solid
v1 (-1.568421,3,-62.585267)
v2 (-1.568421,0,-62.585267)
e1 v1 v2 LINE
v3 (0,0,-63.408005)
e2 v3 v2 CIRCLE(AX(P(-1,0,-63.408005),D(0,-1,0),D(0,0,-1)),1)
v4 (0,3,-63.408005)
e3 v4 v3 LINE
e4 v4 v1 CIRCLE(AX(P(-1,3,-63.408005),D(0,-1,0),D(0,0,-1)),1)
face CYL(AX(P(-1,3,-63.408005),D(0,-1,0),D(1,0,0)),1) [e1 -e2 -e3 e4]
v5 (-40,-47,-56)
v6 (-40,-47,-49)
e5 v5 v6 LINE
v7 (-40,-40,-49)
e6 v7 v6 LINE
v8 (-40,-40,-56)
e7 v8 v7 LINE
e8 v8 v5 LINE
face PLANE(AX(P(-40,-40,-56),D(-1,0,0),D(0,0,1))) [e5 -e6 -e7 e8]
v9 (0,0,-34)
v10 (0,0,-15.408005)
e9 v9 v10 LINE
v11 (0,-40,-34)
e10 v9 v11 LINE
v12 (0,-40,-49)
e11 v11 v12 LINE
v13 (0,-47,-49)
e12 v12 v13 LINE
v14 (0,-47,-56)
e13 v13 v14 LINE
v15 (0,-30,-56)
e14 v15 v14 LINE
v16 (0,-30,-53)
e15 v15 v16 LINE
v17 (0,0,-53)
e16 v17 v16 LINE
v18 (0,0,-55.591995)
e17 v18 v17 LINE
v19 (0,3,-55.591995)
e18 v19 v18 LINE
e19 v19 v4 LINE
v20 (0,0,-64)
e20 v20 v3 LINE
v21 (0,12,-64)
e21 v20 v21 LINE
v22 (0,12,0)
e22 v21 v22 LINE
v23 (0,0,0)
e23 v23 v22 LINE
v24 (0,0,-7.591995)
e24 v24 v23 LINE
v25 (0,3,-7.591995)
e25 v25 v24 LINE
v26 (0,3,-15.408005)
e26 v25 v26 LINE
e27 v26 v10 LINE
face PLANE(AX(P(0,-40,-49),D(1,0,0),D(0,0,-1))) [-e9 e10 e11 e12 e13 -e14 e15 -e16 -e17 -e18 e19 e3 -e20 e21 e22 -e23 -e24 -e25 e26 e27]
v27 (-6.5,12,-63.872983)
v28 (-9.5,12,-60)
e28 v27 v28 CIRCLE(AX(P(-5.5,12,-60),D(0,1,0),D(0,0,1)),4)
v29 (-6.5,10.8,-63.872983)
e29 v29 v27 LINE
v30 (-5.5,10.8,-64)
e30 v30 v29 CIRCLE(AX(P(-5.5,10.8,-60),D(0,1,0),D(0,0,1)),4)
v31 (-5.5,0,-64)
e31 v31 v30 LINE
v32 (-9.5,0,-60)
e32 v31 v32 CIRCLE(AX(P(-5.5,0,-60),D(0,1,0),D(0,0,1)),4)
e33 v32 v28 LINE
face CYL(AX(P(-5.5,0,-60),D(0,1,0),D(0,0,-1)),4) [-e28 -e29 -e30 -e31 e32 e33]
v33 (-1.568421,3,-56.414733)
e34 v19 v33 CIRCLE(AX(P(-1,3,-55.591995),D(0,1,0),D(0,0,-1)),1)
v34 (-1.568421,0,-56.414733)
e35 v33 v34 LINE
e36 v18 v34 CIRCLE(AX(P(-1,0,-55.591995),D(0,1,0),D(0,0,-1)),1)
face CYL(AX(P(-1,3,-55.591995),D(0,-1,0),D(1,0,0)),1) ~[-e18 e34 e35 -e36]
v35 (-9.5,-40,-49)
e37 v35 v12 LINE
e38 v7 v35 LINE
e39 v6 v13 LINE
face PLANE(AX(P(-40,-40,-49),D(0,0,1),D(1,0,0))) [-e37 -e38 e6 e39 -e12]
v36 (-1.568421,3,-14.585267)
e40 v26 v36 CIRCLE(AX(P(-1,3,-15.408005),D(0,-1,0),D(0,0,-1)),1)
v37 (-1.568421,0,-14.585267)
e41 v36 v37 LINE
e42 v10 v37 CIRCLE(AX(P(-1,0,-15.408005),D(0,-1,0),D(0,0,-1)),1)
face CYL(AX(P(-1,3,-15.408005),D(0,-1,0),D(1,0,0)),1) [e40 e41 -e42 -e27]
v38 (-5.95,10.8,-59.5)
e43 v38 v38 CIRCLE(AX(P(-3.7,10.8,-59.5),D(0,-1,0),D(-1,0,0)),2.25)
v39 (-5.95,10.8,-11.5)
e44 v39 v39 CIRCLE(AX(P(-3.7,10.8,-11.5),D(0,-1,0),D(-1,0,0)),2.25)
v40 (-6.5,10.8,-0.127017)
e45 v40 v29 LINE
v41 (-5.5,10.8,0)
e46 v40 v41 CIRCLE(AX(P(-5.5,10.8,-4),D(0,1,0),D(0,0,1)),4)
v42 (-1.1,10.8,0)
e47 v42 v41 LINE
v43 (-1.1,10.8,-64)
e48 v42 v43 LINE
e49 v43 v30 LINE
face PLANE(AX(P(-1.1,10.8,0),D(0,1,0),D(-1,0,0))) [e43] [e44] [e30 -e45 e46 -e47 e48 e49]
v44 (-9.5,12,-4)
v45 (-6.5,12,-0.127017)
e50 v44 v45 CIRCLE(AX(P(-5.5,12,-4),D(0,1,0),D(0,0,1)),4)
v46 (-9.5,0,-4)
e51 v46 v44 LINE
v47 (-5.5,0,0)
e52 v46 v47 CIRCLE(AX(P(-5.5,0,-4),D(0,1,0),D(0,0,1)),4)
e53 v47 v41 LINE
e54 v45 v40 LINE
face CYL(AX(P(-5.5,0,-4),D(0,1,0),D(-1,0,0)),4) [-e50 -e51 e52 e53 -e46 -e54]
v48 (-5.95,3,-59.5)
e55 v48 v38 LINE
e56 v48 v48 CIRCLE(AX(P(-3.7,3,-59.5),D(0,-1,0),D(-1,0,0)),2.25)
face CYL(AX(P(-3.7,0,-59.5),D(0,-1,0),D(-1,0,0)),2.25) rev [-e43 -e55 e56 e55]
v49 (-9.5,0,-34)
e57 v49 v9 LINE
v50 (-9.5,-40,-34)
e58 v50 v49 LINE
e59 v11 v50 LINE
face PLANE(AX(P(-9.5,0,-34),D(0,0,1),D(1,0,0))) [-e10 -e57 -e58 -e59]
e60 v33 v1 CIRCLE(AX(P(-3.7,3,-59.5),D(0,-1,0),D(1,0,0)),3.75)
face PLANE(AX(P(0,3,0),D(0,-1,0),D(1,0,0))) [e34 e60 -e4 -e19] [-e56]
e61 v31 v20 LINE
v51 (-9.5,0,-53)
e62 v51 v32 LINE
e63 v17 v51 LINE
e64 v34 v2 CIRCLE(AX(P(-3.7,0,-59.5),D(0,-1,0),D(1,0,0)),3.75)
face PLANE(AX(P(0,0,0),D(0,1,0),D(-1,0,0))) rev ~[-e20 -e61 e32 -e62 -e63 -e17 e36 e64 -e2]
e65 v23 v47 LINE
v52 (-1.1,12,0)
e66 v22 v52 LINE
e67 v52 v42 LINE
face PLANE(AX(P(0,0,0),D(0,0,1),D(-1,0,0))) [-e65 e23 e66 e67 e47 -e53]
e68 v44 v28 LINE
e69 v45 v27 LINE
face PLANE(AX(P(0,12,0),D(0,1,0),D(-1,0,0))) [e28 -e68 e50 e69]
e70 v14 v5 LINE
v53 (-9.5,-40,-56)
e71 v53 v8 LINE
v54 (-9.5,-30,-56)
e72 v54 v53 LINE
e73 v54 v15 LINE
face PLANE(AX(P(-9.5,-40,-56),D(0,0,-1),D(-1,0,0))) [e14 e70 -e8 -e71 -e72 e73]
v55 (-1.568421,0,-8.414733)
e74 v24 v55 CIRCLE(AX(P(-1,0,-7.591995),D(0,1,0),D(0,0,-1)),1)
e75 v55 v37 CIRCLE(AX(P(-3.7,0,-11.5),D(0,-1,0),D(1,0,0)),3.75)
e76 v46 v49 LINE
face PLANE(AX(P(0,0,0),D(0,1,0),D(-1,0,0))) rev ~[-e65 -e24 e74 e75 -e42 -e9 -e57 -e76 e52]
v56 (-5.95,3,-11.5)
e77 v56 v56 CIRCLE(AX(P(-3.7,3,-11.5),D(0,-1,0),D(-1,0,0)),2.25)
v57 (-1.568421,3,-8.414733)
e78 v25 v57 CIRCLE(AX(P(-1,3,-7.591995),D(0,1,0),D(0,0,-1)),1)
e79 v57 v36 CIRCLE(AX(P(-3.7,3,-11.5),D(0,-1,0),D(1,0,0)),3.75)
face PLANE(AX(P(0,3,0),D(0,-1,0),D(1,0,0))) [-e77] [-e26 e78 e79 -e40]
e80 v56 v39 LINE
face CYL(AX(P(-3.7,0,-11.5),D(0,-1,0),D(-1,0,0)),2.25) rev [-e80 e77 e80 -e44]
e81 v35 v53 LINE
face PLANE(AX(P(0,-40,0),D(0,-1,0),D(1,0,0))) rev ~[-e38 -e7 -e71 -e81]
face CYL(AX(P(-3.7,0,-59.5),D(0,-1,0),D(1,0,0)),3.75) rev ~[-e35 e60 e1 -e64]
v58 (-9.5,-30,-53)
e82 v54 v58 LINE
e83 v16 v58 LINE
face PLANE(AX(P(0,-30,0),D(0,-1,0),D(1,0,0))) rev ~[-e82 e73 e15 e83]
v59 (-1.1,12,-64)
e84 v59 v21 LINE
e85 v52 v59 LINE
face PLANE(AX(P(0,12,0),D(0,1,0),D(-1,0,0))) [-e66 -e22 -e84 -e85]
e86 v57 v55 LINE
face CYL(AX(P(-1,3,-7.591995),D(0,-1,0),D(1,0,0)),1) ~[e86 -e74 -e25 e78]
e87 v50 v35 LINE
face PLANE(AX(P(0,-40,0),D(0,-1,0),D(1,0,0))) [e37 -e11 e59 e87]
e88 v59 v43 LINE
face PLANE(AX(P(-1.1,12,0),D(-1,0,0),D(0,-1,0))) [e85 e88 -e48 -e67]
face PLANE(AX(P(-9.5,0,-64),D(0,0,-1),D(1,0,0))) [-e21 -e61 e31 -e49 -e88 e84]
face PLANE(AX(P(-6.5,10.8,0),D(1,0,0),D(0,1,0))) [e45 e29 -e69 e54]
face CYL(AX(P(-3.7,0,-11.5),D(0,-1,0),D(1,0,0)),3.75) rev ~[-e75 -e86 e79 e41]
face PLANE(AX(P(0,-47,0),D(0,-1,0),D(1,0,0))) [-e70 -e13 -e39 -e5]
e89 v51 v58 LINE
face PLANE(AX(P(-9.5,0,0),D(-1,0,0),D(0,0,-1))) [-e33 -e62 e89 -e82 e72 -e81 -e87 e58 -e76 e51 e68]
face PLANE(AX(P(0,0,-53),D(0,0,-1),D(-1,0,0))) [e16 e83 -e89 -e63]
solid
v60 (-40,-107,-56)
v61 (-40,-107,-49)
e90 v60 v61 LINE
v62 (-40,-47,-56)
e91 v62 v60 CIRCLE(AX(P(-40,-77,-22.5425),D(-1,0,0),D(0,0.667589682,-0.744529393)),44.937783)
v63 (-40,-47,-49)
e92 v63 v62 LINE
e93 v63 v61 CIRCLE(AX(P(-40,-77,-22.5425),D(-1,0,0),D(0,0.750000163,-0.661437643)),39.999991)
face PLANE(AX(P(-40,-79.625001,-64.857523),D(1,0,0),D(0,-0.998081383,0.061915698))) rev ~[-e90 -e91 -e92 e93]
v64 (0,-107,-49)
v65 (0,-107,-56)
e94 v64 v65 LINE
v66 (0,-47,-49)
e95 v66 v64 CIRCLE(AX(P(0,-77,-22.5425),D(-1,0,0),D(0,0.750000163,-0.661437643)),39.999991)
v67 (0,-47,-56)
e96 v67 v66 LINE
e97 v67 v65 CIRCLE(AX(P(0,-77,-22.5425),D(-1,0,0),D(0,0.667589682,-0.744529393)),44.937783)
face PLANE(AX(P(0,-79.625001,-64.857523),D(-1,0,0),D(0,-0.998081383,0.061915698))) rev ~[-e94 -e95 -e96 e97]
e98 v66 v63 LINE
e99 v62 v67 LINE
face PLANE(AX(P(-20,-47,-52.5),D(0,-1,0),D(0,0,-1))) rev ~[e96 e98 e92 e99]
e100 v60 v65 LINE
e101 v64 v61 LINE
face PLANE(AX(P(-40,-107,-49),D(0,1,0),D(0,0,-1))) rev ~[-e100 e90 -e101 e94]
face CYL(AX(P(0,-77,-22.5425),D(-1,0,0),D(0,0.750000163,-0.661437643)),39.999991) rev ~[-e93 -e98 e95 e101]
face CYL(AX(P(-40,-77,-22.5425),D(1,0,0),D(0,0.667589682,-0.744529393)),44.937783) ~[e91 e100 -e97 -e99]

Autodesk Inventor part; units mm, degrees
ref_plane "YZ Plane" through (0, 0, 0) normal (1, 0, 0) x (0, 1, 0)
ref_plane "XZ Plane" through (0, 0, 0) normal (0, 1, 0) x (-1, 0, 0)
ref_plane "XY Plane" through (0, 0, 0) normal (0, 0, 1) x (1, 0, 0)
sketch "Sketch1" plane through (0, 0, 0) normal (0, 1, 0) x (-1, 0, 0)
  line L0 (0, 0) -> (9.5, 0)
  line L1 (9.5, 0) -> (9.5, -64)
  line L2 (9.5, -64) -> (0, -64)
  line L3 (0, -64) -> (0, 0)
  circle A0 centre (3.7, -11.5) radius 2.25
  circle A1 centre (3.7, -59.5) radius 2.25
  line L4 (3.7, -11.5) -> (3.7, -59.5) construction
  dimension "d1" = 9.5
  dimension "d2" = 64
  dimension "d3" = 4.5
  dimension "d4" = 48
  dimension "d6" = 3.7
  dimension "d17" = 4.5
extrude "Extrusion1" add sketch "Sketch1" along normal blind 12
sketch "Sketch2" plane through (-9.5, 0, 0) normal (0, 0, 1) x (1, 0, 0)
  line L0 (9.5, 12) -> (0, 12) projected
  line L1 (3, 12) -> (8.4, 12)
  line L2 (8.4, 12) -> (8.4, 10.8)
  line L3 (8.4, 10.8) -> (3, 10.8)
  line L4 (3, 10.8) -> (3, 12)
  line L5 (9.5, 0) -> (9.5, 12) projected
  line L6 (3.55, 0) -> (8.05, 0) projected
  line L7 (3.55, 12) -> (8.05, 12) projected
  line L8 (9.5, 0) -> (9.5, 12) projected
  line L9 (9.5, 0) -> (9.5, 12) projected
  line L10 (3.55, 12) -> (8.05, 12) projected
  line L11 (3.55, 12) -> (3.55, 0) projected
  line L12 (3.55, 12) -> (8.05, 12) projected
  line L13 (3.55, 0) -> (8.05, 0) projected
  line L14 (3.55, 12) -> (8.05, 12) projected
  line L15 (3.55, 0) -> (8.05, 0) projected
  line L16 (3.55, 12) -> (8.05, 12) projected
  line L17 (3.55, 0) -> (8.05, 0) projected
  dimension "d9" = 1.1
  dimension "d10" = 5.4
  dimension "d11" = 1.2
  dimension "d76" = 12
extrude "Extrusion2" cut sketch "Sketch2" against normal up to next
sketch "Sketch3" plane through (0, 0, 0) normal (0, -1, 0) x (1, 0, 0)
  circle A0 centre (-3.7, -11.5) radius 2.25 projected
  circle A1 centre (-3.7, -11.5) radius 3.75
  circle A2 centre (-3.7, -59.5) radius 2.25 projected
  circle A3 centre (-3.7, -59.5) radius 3.75
  point P0 (0, 0)
  dimension "d14" = 7.5
extrude "Extrusion3" cut sketch "Sketch3" against normal blind 3
fillet "Fillet1" radius 1 4 edges at (0, 1.5, -58.8897) (0, 1.5, -60.1103) (0, 1.5, -10.8897) (0, 1.5, -12.1103)
fillet "Fillet2" radius 4 2 edges at (-9.5, 6, -64) (-9.5, 6, 0)
sketch "Sketch28" plane through (0, 0, 0) normal (0, -1, 0) x (1, 0, 0)
  arc A0 (-1.5684, -56.4147) -> (0, -55.592) centre (-1, -55.592) ccw projected
  line L0 (0, -55.592) -> (0, -53)
  line L1 (0, -15.408) -> (0, -55.592) projected
  line L2 (-9.5, -60) -> (-9.5, -4) projected
  line L3 (0, -53) -> (-9.5, -53)
  line L4 (-9.5, -53) -> (-9.5, -34)
  line L5 (-9.5, -34) -> (0, -34)
  line L6 (0, -34) -> (0, -53)
  point P0 (0, 0)
  point P1 (0, -34)
  dimension "d107" = 2.592
  dimension "d108" = 19
extrude "Extrusion19" add sketch "Sketch28" along normal blind 30
sketch "Sketch40" plane through (0, -30, 0) normal (0, -1, 0) x (1, 0, 0)
  line L0 (0, -53) -> (-9.5, -53) projected
  line L1 (-9.5, -53) -> (-9.5, -56)
  line L2 (-9.5, -56) -> (0, -56)
  line L3 (0, -56) -> (0, -34)
  line L4 (0, 0) -> (0, -64) projected
  line L5 (0, -34) -> (-9.5, -34)
  line L6 (-9.5, -34) -> (-9.5, -53)
  line L7 (-9.5, -34) -> (0, -34)
  line L8 (0, -34) -> (0, -56)
  line L9 (0, -56) -> (-9.5, -56)
  line L10 (-9.5, -56) -> (-9.5, -34)
  dimension "d130" = 3
  dimension "d131" = 22
extrude "Extrusion21" add sketch "Sketch40" along normal blind 10
sketch "Sketch41" plane through (0, 0, -53) normal (0, 0, -1) x (-1, 0, 0)
  point P0 (0, 0)
sketch "Sketch42" plane through (0, -40, 0) normal (0, -1, 0) x (1, 0, 0)
  line L0 (-9.5, -56) -> (0, -56) projected
  line L1 (-9.5, -56) -> (-40, -56)
  line L2 (-9.5, -56) -> (21, -56) construction
  line L3 (-40, -56) -> (-40, -49)
  line L4 (-40, -49) -> (0, -49)
  line L5 (0, -49) -> (0, -56)
  line L6 (0, -56) -> (-9.5, -56)
  point P0 (0, 0)
  point P1 (0, -56)
  dimension "d134" = 30.5
  dimension "d135" = 180
  dimension "d136" = 7
  dimension "d137" = 40
  dimension "d138" = 7
extrude "Extrusion22" add sketch "Sketch42" along normal blind 7
sketch "Sketch54" plane through (-40, -40, -56) normal (-1, 0, 0) x (0, 0, 1)
  arc A0 (7, -7) -> (7, -57) centre (31.4949, -32) ccw projected
  line L0 (-6.4428, -57) -> (19.2704, -57)
  line L1 (19.2704, -57) -> (19.2704, -74.6848)
  line L2 (19.2704, -74.6848) -> (-6.4428, -74.6848)
  line L3 (-6.4428, -74.6848) -> (-6.4428, -57)
  point P0 (56, 40)
extrude "Extrusion25" cut sketch "Sketch54" against normal blind 104.3
sketch "Sketch56" plane through (0, -47, 0) normal (0, -1, 0) x (1, 0, 0)
  line L0 (-40, -56) -> (0, -56) projected
  line L1 (0, -56) -> (0, -49) projected
  line L2 (-40, -56) -> (0, -56)
  line L3 (0, -56) -> (0, -49)
  line L4 (0, -49) -> (-40, -49)
  line L5 (-40, -49) -> (-40, -56)
  point P0 (0, 0)
  point P1 (9.3, -58)
sketch "Sketch58" plane through (-40, -40, -56) normal (-1, 0, 0) x (0, 0, 1)
  arc A0 (7, -7) -> (7, -67) centre (33.4575, -37) ccw
  point P0 (56, 40)
  dimension "d164" = 60
  dimension "d165" = 40
sweep "Sweep4" add profiles "Sketch56" path "Sketch58" separate body
sketch "Sketch59" plane through (-40, -47, -56) normal (-1, 0, 0) x (0, 0, 1)
  line L0 (7.875, -66.9451) -> (7, -60) projected
  line L1 (7, -60) -> (-3.876, -60)
  line L2 (-3.876, -60) -> (-3.876, -70.2842)
  line L3 (-3.876, -70.2842) -> (7, -70.2842)
  line L4 (7, -70.2842) -> (7, -60)
  line L5 (-3.876, -60) -> (12.796, -60)
  line L6 (12.796, -60) -> (12.796, -72.0421)
  line L7 (12.796, -72.0421) -> (-3.876, -72.0421)
  line L8 (-3.876, -72.0421) -> (-3.876, -60)
  point P0 (56, 47)
  point P1 (7, -60)
extrude "Extrusion26" cut sketch "Sketch59" against normal blind 63.025 bodies 2
sketch "Sketch60" plane through (0, -40, 0) normal (0, 1, 0) x (1, 0, 0)
  point P0 (0, 0)
properties part number "Back"
